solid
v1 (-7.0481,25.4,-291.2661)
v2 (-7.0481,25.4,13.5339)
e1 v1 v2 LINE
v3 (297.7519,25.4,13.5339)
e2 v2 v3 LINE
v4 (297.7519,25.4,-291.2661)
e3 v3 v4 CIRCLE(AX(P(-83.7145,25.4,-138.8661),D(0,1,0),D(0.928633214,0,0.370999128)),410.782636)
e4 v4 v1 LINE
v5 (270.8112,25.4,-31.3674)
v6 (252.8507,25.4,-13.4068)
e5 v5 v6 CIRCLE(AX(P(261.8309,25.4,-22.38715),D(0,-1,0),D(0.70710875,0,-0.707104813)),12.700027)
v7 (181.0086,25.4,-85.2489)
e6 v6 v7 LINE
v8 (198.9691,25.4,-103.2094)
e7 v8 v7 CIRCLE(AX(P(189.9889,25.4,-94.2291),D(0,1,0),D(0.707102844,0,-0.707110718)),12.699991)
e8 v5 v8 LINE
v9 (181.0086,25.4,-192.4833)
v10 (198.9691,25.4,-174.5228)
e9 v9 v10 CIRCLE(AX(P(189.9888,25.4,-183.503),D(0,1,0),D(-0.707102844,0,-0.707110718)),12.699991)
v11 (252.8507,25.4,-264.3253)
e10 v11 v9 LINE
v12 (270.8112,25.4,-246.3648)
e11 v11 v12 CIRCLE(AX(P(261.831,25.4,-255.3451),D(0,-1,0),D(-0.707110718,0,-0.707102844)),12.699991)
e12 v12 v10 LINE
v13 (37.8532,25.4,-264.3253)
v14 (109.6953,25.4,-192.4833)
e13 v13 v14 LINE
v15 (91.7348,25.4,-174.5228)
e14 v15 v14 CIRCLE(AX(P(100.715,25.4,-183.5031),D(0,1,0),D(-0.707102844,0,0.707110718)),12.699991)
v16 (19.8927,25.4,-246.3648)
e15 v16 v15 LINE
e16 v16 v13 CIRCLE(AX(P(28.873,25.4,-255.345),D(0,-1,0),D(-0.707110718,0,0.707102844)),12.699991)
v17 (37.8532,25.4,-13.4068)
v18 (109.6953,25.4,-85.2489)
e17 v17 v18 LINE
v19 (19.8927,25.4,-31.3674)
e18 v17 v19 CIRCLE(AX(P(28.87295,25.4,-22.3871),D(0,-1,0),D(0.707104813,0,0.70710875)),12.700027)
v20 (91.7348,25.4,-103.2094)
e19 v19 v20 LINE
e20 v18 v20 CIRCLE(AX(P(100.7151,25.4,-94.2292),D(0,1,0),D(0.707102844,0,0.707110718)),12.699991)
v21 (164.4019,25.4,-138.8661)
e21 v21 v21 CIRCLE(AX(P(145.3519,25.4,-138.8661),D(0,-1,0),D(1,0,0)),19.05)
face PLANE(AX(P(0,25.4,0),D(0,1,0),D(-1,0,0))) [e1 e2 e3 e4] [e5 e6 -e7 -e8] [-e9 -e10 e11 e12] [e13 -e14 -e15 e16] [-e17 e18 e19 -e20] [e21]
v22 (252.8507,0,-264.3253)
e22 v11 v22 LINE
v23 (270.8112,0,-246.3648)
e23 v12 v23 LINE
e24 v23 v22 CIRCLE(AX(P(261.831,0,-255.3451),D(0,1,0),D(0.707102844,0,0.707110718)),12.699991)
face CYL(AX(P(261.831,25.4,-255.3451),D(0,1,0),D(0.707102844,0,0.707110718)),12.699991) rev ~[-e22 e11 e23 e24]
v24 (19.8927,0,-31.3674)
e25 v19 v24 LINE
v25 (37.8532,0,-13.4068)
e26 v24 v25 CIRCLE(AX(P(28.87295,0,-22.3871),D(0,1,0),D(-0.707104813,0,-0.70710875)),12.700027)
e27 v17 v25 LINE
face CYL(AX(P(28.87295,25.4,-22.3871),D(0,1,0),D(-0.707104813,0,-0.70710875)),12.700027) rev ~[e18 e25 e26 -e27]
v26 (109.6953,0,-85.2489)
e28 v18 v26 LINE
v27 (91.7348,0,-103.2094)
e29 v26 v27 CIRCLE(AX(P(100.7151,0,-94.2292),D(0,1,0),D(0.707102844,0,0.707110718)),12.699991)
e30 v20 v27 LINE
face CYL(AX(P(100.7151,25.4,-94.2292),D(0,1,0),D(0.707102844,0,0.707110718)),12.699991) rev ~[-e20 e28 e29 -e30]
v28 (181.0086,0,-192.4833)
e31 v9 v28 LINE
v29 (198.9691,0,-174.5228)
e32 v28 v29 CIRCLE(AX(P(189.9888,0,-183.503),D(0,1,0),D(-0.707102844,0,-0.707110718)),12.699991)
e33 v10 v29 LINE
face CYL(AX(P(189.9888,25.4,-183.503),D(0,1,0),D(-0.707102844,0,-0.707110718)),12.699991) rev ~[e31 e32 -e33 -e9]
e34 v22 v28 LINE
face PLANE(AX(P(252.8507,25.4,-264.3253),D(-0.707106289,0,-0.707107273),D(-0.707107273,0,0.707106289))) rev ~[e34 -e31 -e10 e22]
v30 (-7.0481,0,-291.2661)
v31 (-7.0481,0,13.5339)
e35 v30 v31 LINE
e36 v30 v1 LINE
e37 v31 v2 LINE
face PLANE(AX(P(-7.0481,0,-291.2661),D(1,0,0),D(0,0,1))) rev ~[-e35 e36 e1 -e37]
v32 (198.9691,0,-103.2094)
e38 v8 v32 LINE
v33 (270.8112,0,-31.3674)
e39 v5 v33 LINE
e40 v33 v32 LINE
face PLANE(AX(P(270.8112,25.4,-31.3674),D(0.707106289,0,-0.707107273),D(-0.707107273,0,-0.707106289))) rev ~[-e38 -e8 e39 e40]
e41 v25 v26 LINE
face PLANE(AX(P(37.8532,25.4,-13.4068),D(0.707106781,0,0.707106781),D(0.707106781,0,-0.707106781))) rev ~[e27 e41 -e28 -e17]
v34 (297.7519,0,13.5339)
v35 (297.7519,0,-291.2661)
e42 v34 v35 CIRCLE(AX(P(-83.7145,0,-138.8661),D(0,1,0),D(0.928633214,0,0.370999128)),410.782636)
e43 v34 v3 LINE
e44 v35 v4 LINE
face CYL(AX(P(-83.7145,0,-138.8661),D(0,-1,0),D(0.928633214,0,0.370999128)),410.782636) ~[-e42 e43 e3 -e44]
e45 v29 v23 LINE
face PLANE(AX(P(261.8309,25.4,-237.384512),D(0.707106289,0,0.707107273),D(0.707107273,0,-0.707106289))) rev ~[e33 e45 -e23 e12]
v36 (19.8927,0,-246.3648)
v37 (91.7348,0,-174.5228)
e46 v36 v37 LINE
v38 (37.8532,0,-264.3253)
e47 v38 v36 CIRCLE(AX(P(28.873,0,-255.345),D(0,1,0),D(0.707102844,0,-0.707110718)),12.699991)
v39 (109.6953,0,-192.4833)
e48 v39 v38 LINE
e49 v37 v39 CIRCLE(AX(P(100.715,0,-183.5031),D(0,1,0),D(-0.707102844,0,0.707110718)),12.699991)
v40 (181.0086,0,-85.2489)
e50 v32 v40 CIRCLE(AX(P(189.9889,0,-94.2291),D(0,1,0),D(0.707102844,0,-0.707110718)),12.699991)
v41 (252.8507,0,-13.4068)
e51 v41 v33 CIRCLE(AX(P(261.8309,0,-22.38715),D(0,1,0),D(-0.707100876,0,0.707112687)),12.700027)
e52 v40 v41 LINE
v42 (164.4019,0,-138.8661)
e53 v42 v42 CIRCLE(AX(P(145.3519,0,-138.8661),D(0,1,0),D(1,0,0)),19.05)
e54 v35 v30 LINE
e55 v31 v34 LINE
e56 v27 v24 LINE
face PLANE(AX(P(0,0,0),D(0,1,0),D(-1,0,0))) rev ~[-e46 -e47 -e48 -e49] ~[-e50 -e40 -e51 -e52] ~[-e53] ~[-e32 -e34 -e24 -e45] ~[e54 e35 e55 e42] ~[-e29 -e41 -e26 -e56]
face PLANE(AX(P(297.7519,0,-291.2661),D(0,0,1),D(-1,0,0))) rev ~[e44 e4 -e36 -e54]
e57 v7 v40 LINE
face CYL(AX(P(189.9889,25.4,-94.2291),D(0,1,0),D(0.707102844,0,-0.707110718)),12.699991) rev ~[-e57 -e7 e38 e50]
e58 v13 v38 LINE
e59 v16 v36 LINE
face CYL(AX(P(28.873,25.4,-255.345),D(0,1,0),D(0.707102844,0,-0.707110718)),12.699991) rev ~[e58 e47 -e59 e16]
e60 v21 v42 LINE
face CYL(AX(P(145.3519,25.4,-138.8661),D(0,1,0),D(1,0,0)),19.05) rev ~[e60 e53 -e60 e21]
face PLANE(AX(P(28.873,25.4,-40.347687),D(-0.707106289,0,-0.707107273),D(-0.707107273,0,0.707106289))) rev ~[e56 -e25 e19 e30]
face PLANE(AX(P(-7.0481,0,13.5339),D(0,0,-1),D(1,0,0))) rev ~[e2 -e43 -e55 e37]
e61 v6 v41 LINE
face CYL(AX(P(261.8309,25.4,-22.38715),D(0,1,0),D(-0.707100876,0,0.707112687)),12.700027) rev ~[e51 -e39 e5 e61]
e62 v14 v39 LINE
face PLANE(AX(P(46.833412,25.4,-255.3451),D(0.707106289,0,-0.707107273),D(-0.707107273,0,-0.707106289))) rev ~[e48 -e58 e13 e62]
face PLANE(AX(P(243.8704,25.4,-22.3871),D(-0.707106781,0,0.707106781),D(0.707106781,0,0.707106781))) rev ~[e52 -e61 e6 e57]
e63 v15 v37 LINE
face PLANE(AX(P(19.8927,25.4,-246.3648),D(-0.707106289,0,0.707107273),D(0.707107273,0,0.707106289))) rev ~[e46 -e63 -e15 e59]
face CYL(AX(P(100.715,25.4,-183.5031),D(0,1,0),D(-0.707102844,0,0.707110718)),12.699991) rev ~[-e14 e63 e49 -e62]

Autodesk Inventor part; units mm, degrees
ref_plane "YZ Plane" through (0, 0, 0) normal (1, 0, 0) x (0, 1, 0)
ref_plane "XZ Plane" through (0, 0, 0) normal (0, 1, 0) x (-1, 0, 0)
ref_plane "XY Plane" through (0, 0, 0) normal (0, 0, 1) x (1, 0, 0)
sketch "Sketch1" plane through (0, 0, 0) normal (0, 1, 0) x (-1, 0, 0)
  line L0 (7.0481, 13.5339) -> (-297.7519, 13.5339)
  line L1 (-297.7519, 13.5339) -> (-297.7519, -291.2661)
  line L2 (-297.7519, -291.2661) -> (7.0481, -291.2661)
  line L3 (7.0481, -291.2661) -> (7.0481, 13.5339)
  arc A0 (-297.7519, 13.5339) -> (-297.7519, -291.2661) centre (83.7145, -138.8661) ccw
  point P0 (0, 0)
  dimension "d0" = 304.8
  dimension "d1" = 304.8
extrude "Extrusion1" add sketch "Sketch1" along normal blind 25.4
sketch "Sketch2" plane through (0, 25.4, 0) normal (0, 1, 0) x (1, 0, 0)
  line L0 (-7.0481, 291.2661) -> (-7.0481, -13.5339) projected
  line L1 (-7.0481, 138.8661) -> (145.3519, 138.8661)
  circle A0 centre (145.3519, 138.8661) radius 19.05
  point P0 (0, 0)
  dimension "d4" = 152.4
  dimension "d5" = 38.1
extrude "Extrusion2" cut sketch "Sketch2" against normal blind 50.8
sketch "Sketch3" plane through (0, 25.4, 0) normal (0, 1, 0) x (1, 0, 0)
  line L0 (-7.0481, 291.2661) -> (-7.0481, -13.5339) projected
  line L1 (297.7519, 291.2661) -> (-7.0481, 291.2661) projected
  line L2 (-7.0481, -13.5339) -> (297.7519, 291.2661)
  line L3 (-7.0481, -13.5339) -> (297.7519, -13.5339) projected
  line L4 (-7.0481, 291.2661) -> (297.7519, -13.5339)
  line L5 (-7.0481, -13.5339) -> (28.873, 22.3871)
  line L6 (297.7519, -13.5339) -> (261.8309, 22.3871)
  line L7 (297.7519, 291.2661) -> (261.8309, 255.3451)
  line L8 (-7.0481, 291.2661) -> (28.873, 255.3451)
  line L9 (28.873, 22.3871) -> (261.8309, 22.3871)
  line L10 (261.8309, 22.3871) -> (261.8309, 255.3451)
  line L11 (261.8309, 255.3451) -> (28.873, 255.3451)
  line L12 (28.873, 255.3451) -> (28.873, 22.3871)
  line L13 (28.873, 22.3871) -> (100.715, 94.2292) construction
  line L14 (37.8532, 13.4068) -> (109.6953, 85.2489)
  line L15 (91.7348, 103.2094) -> (19.8927, 31.3674)
  arc A0 (19.8927, 31.3674) -> (37.8532, 13.4068) centre (28.873, 22.3871) ccw
  arc A1 (109.6953, 85.2489) -> (91.7348, 103.2094) centre (100.715, 94.2292) ccw
  line L16 (28.873, 255.3451) -> (100.715, 183.503) construction
  line L17 (19.8927, 246.3648) -> (91.7348, 174.5228)
  line L18 (109.6953, 192.4833) -> (37.8532, 264.3253)
  arc A2 (37.8532, 264.3253) -> (19.8927, 246.3648) centre (28.873, 255.3451) ccw
  arc A3 (91.7348, 174.5228) -> (109.6953, 192.4833) centre (100.715, 183.503) ccw
  line L19 (261.8309, 22.3871) -> (189.9889, 94.2292) construction
  line L20 (270.8112, 31.3674) -> (198.9691, 103.2094)
  line L21 (181.0086, 85.2489) -> (252.8507, 13.4068)
  arc A4 (252.8507, 13.4068) -> (270.8112, 31.3674) centre (261.8309, 22.3871) ccw
  arc A5 (198.9691, 103.2094) -> (181.0086, 85.2489) centre (189.9889, 94.2292) ccw
  line L22 (261.8309, 255.3451) -> (189.9889, 183.503) construction
  line L23 (252.8507, 264.3253) -> (181.0086, 192.4833)
  line L24 (198.9691, 174.5228) -> (270.8112, 246.3648)
  arc A6 (270.8112, 246.3648) -> (252.8507, 264.3253) centre (261.8309, 255.3451) ccw
  arc A7 (181.0086, 192.4833) -> (198.9691, 174.5228) centre (189.9889, 183.503) ccw
  point P0 (0, 0)
  point P1 (64.794, 58.3081)
  point P2 (64.794, 219.424)
  point P3 (225.9099, 58.3081)
  point P4 (225.9099, 219.424)
  dimension "d8" = 50.8
  dimension "d9" = 50.8
  dimension "d10" = 50.8
  dimension "d11" = 50.8
  dimension "d12" = 101.6
  dimension "d13" = 25.4
  dimension "d14" = 101.6
  dimension "d15" = 25.4
  dimension "d16" = 101.6
  dimension "d17" = 25.4
  dimension "d18" = 101.6
  dimension "d19" = 25.4
extrude "Extrusion3" cut sketch "Sketch3" against normal blind 50.8 contours A2 L18 L11 L4 | L4 L12 L17 A2 | A0 L15 L12 L2 | L2 L9 L14 A0 | A6 L24 L10 L2 | L2 L11 L23 A6 | L11 L18 A3 L4 | L4 A3 L17 L12 | L12 L15 A1 L2 | L2 A1 L14 L9 | A4 L21 L9 L4 | L4 L10 L20 A4 | L10 L24 A7 L2 | L2 A7 L23 L11 | L9 L21 A5 L4 | L4 A5 L20 L10
properties part number "Shoddy Drilling Platform Representation"
